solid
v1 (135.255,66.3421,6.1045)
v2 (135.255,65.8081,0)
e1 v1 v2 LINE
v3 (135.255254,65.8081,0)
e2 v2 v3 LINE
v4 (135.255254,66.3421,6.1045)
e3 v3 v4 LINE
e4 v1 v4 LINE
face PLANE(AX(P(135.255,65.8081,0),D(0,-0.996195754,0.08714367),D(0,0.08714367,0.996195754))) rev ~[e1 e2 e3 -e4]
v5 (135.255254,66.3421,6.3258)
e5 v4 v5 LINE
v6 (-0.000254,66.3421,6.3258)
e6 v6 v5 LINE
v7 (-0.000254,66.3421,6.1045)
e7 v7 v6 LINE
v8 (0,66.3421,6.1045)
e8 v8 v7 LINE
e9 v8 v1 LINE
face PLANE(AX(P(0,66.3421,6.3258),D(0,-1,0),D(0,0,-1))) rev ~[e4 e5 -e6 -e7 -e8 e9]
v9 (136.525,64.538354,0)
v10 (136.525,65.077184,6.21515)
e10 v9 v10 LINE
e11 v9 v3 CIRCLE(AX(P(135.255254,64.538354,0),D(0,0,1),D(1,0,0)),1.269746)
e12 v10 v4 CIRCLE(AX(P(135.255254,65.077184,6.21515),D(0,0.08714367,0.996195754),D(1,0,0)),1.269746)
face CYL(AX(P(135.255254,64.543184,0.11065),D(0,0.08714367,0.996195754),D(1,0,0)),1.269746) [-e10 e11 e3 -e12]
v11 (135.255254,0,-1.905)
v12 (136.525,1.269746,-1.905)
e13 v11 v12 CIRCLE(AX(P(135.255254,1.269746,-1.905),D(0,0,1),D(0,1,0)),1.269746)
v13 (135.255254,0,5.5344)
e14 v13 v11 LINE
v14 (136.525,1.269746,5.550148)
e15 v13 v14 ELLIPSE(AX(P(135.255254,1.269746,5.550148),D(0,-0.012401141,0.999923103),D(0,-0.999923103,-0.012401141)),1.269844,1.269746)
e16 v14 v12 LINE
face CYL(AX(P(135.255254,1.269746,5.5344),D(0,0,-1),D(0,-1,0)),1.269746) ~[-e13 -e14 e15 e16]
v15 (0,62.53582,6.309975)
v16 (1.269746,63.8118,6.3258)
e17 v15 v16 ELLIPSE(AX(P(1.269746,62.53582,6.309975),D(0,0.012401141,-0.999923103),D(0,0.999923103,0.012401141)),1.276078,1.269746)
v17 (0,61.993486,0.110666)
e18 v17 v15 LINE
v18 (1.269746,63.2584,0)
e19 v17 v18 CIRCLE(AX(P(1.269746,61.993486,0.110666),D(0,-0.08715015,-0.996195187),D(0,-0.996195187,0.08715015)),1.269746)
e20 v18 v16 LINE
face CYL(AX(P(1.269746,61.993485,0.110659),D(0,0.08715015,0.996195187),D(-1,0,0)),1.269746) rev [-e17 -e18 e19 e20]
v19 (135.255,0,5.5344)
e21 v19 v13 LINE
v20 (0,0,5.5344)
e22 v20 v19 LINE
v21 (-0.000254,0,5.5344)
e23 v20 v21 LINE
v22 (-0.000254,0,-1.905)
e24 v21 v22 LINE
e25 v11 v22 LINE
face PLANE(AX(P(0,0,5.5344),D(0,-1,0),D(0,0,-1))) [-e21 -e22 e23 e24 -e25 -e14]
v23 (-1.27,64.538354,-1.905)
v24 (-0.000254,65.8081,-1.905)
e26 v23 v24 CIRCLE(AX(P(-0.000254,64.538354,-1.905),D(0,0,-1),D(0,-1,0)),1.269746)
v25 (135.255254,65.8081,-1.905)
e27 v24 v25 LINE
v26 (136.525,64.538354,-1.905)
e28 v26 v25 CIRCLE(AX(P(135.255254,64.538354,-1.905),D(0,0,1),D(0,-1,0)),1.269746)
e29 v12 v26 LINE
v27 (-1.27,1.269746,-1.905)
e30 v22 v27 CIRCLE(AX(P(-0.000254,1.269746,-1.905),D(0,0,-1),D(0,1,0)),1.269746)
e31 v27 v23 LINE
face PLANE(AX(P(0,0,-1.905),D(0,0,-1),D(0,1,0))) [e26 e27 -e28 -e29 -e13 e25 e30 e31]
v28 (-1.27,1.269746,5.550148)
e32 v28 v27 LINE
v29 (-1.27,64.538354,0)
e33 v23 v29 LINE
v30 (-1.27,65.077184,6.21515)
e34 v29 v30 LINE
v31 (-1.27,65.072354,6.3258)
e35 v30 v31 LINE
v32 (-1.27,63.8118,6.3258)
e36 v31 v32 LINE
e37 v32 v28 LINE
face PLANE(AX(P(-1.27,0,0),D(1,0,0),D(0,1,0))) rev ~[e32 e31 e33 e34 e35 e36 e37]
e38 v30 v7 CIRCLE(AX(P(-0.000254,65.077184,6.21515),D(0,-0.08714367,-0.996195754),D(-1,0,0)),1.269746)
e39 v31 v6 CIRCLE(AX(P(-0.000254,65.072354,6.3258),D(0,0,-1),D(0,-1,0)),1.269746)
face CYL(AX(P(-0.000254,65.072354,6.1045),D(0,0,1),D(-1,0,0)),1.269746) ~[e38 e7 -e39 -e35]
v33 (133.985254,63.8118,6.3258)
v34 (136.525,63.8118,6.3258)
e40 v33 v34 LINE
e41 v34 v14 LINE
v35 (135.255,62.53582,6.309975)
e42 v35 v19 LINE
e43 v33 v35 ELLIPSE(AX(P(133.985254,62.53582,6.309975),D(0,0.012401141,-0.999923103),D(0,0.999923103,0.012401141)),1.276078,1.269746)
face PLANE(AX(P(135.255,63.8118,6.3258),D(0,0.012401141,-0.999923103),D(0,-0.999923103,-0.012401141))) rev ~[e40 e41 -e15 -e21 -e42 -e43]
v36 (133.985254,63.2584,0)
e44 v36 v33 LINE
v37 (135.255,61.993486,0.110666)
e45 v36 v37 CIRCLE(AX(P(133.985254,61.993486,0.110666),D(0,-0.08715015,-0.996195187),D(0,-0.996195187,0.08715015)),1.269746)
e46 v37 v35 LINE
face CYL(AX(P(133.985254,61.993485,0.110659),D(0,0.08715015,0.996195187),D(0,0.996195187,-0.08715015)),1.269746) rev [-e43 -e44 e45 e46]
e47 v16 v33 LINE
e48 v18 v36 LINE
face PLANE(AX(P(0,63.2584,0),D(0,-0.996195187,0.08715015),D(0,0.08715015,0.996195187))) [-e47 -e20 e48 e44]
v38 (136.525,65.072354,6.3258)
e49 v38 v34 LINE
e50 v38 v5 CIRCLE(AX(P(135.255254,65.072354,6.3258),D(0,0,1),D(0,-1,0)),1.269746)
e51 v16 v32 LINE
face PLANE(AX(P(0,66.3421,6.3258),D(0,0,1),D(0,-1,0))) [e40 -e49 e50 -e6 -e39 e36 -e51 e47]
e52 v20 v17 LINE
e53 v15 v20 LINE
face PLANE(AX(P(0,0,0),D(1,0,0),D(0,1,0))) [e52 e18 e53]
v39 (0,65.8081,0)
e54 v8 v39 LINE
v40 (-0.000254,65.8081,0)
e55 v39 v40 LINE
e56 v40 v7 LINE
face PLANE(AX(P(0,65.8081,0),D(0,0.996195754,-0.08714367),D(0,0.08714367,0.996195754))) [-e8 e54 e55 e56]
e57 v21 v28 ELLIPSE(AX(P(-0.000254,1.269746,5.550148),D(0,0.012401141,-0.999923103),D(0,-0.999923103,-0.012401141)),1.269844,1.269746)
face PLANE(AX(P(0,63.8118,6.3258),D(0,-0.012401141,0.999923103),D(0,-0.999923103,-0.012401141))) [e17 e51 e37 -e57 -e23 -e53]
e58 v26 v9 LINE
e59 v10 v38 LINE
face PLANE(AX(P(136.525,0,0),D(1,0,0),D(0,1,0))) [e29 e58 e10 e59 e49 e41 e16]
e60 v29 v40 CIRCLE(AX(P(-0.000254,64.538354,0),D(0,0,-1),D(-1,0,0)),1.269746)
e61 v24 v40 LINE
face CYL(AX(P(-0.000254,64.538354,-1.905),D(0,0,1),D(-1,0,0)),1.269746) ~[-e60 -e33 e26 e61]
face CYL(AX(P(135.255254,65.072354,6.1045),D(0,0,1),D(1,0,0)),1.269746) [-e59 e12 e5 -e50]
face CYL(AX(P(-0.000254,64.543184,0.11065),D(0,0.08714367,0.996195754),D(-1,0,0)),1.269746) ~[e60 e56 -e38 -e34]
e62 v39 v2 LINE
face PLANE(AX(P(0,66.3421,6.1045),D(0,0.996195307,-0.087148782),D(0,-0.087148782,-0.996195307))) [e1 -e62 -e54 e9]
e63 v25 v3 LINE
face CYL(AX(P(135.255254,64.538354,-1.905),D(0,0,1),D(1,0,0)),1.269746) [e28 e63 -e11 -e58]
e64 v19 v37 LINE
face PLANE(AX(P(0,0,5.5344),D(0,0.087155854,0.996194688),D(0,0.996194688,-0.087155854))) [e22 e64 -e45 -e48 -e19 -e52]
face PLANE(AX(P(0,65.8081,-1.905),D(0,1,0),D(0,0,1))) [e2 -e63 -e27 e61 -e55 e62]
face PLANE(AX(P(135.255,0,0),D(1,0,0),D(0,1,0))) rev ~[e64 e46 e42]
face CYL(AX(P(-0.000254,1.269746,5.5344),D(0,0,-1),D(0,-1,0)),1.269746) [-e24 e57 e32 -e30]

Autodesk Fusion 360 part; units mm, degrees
sketch "Sketch1" plane through (0, 0, 0) normal (1, 0, 0) x (0, 1, 0)
  line L0 (0, 0) -> (0, 5.5344)
  line L1 (0, 5.5344) -> (63.2584, 0)
  line L2 (63.2584, 0) -> (63.8118, 6.3258)
  line L3 (63.8118, 6.3258) -> (61.2815, 6.5472) construction
  line L4 (61.2815, 6.5472) -> (60.728, 0.2214) construction
  line L5 (0, 0) -> (63.2584, 0) construction
  line L6 (63.2584, 0) -> (63.2584, -1.905) construction
  line L7 (63.2584, -1.905) -> (0, -1.905)
  line L8 (0, -1.905) -> (0, 0)
  line L9 (66.3421, 6.1045) -> (65.7887, -0.2214)
  line L10 (63.8118, 6.3258) -> (66.3421, 6.1045) construction
  line L11 (63.2584, 0) -> (65.8081, 0) construction
  line L12 (65.8081, 0) -> (65.8081, -1.905)
  line L13 (65.8081, -1.905) -> (63.2584, -1.905)
  line L14 (63.8118, 6.3258) -> (66.3421, 6.1045) construction
  line L15 (63.8118, 6.3258) -> (66.3421, 6.3258)
  line L16 (66.3421, 6.3258) -> (66.3421, 6.1045)
  dimension "d1" = 2.54
  dimension "d3" = 6.35
  dimension "d4" = 63.5
  dimension "d7" = 1.905
  dimension "d15" = 5
extrude "Extrude1" add sketch "Sketch1" along normal blind 135.255
sketch "Sketch2" plane through (135.255, 0, 0) normal (1, 0, 0) x (0, 1, 0)
  line L0 (65.8081, -1.905) -> (65.8081, 0)
  line L1 (65.8081, 0) -> (66.3421, 6.1045)
  line L2 (63.8118, 6.3258) -> (63.2584, 0)
  line L3 (63.2584, 0) -> (0, 5.5344)
  line L4 (0, 5.5344) -> (0, -1.905)
  line L5 (0, -1.905) -> (65.8081, -1.905)
  line L6 (63.8118, 6.3258) -> (0, 5.5344)
  line L7 (63.8118, 6.3258) -> (66.3421, 6.3572)
  line L8 (66.3421, 6.3572) -> (66.3421, 6.1045)
  line L9 (66.3421, 6.3258) -> (63.8118, 6.3258)
  line L10 (66.3421, 6.1045) -> (66.3421, 6.3258)
extrude "Extrude2" add sketch "Sketch2" along normal blind 1.27 contours L0 L1 L2 L3 L4 L5 L8 L9 L10 | L2 L3 L6
extrude "Extrude3" add 1 faces at (136.525, 43.2066, 0.8386) along direction (-1, 0, 0) blind 1.27 from surface at 136.525
fillet "Fillet1" radius 1.27 8 edges at (0, 63.5351, 3.1629) (135.255, 63.5351, 3.1629) (-1.27, 66.0751, 3.0522) (-1.27, 65.8081, -0.9525) (136.525, 66.0751, 3.0522) (136.525, 65.8081, -0.9525) (-1.27, 0, 1.8147) (136.525, 0, 1.8147)
